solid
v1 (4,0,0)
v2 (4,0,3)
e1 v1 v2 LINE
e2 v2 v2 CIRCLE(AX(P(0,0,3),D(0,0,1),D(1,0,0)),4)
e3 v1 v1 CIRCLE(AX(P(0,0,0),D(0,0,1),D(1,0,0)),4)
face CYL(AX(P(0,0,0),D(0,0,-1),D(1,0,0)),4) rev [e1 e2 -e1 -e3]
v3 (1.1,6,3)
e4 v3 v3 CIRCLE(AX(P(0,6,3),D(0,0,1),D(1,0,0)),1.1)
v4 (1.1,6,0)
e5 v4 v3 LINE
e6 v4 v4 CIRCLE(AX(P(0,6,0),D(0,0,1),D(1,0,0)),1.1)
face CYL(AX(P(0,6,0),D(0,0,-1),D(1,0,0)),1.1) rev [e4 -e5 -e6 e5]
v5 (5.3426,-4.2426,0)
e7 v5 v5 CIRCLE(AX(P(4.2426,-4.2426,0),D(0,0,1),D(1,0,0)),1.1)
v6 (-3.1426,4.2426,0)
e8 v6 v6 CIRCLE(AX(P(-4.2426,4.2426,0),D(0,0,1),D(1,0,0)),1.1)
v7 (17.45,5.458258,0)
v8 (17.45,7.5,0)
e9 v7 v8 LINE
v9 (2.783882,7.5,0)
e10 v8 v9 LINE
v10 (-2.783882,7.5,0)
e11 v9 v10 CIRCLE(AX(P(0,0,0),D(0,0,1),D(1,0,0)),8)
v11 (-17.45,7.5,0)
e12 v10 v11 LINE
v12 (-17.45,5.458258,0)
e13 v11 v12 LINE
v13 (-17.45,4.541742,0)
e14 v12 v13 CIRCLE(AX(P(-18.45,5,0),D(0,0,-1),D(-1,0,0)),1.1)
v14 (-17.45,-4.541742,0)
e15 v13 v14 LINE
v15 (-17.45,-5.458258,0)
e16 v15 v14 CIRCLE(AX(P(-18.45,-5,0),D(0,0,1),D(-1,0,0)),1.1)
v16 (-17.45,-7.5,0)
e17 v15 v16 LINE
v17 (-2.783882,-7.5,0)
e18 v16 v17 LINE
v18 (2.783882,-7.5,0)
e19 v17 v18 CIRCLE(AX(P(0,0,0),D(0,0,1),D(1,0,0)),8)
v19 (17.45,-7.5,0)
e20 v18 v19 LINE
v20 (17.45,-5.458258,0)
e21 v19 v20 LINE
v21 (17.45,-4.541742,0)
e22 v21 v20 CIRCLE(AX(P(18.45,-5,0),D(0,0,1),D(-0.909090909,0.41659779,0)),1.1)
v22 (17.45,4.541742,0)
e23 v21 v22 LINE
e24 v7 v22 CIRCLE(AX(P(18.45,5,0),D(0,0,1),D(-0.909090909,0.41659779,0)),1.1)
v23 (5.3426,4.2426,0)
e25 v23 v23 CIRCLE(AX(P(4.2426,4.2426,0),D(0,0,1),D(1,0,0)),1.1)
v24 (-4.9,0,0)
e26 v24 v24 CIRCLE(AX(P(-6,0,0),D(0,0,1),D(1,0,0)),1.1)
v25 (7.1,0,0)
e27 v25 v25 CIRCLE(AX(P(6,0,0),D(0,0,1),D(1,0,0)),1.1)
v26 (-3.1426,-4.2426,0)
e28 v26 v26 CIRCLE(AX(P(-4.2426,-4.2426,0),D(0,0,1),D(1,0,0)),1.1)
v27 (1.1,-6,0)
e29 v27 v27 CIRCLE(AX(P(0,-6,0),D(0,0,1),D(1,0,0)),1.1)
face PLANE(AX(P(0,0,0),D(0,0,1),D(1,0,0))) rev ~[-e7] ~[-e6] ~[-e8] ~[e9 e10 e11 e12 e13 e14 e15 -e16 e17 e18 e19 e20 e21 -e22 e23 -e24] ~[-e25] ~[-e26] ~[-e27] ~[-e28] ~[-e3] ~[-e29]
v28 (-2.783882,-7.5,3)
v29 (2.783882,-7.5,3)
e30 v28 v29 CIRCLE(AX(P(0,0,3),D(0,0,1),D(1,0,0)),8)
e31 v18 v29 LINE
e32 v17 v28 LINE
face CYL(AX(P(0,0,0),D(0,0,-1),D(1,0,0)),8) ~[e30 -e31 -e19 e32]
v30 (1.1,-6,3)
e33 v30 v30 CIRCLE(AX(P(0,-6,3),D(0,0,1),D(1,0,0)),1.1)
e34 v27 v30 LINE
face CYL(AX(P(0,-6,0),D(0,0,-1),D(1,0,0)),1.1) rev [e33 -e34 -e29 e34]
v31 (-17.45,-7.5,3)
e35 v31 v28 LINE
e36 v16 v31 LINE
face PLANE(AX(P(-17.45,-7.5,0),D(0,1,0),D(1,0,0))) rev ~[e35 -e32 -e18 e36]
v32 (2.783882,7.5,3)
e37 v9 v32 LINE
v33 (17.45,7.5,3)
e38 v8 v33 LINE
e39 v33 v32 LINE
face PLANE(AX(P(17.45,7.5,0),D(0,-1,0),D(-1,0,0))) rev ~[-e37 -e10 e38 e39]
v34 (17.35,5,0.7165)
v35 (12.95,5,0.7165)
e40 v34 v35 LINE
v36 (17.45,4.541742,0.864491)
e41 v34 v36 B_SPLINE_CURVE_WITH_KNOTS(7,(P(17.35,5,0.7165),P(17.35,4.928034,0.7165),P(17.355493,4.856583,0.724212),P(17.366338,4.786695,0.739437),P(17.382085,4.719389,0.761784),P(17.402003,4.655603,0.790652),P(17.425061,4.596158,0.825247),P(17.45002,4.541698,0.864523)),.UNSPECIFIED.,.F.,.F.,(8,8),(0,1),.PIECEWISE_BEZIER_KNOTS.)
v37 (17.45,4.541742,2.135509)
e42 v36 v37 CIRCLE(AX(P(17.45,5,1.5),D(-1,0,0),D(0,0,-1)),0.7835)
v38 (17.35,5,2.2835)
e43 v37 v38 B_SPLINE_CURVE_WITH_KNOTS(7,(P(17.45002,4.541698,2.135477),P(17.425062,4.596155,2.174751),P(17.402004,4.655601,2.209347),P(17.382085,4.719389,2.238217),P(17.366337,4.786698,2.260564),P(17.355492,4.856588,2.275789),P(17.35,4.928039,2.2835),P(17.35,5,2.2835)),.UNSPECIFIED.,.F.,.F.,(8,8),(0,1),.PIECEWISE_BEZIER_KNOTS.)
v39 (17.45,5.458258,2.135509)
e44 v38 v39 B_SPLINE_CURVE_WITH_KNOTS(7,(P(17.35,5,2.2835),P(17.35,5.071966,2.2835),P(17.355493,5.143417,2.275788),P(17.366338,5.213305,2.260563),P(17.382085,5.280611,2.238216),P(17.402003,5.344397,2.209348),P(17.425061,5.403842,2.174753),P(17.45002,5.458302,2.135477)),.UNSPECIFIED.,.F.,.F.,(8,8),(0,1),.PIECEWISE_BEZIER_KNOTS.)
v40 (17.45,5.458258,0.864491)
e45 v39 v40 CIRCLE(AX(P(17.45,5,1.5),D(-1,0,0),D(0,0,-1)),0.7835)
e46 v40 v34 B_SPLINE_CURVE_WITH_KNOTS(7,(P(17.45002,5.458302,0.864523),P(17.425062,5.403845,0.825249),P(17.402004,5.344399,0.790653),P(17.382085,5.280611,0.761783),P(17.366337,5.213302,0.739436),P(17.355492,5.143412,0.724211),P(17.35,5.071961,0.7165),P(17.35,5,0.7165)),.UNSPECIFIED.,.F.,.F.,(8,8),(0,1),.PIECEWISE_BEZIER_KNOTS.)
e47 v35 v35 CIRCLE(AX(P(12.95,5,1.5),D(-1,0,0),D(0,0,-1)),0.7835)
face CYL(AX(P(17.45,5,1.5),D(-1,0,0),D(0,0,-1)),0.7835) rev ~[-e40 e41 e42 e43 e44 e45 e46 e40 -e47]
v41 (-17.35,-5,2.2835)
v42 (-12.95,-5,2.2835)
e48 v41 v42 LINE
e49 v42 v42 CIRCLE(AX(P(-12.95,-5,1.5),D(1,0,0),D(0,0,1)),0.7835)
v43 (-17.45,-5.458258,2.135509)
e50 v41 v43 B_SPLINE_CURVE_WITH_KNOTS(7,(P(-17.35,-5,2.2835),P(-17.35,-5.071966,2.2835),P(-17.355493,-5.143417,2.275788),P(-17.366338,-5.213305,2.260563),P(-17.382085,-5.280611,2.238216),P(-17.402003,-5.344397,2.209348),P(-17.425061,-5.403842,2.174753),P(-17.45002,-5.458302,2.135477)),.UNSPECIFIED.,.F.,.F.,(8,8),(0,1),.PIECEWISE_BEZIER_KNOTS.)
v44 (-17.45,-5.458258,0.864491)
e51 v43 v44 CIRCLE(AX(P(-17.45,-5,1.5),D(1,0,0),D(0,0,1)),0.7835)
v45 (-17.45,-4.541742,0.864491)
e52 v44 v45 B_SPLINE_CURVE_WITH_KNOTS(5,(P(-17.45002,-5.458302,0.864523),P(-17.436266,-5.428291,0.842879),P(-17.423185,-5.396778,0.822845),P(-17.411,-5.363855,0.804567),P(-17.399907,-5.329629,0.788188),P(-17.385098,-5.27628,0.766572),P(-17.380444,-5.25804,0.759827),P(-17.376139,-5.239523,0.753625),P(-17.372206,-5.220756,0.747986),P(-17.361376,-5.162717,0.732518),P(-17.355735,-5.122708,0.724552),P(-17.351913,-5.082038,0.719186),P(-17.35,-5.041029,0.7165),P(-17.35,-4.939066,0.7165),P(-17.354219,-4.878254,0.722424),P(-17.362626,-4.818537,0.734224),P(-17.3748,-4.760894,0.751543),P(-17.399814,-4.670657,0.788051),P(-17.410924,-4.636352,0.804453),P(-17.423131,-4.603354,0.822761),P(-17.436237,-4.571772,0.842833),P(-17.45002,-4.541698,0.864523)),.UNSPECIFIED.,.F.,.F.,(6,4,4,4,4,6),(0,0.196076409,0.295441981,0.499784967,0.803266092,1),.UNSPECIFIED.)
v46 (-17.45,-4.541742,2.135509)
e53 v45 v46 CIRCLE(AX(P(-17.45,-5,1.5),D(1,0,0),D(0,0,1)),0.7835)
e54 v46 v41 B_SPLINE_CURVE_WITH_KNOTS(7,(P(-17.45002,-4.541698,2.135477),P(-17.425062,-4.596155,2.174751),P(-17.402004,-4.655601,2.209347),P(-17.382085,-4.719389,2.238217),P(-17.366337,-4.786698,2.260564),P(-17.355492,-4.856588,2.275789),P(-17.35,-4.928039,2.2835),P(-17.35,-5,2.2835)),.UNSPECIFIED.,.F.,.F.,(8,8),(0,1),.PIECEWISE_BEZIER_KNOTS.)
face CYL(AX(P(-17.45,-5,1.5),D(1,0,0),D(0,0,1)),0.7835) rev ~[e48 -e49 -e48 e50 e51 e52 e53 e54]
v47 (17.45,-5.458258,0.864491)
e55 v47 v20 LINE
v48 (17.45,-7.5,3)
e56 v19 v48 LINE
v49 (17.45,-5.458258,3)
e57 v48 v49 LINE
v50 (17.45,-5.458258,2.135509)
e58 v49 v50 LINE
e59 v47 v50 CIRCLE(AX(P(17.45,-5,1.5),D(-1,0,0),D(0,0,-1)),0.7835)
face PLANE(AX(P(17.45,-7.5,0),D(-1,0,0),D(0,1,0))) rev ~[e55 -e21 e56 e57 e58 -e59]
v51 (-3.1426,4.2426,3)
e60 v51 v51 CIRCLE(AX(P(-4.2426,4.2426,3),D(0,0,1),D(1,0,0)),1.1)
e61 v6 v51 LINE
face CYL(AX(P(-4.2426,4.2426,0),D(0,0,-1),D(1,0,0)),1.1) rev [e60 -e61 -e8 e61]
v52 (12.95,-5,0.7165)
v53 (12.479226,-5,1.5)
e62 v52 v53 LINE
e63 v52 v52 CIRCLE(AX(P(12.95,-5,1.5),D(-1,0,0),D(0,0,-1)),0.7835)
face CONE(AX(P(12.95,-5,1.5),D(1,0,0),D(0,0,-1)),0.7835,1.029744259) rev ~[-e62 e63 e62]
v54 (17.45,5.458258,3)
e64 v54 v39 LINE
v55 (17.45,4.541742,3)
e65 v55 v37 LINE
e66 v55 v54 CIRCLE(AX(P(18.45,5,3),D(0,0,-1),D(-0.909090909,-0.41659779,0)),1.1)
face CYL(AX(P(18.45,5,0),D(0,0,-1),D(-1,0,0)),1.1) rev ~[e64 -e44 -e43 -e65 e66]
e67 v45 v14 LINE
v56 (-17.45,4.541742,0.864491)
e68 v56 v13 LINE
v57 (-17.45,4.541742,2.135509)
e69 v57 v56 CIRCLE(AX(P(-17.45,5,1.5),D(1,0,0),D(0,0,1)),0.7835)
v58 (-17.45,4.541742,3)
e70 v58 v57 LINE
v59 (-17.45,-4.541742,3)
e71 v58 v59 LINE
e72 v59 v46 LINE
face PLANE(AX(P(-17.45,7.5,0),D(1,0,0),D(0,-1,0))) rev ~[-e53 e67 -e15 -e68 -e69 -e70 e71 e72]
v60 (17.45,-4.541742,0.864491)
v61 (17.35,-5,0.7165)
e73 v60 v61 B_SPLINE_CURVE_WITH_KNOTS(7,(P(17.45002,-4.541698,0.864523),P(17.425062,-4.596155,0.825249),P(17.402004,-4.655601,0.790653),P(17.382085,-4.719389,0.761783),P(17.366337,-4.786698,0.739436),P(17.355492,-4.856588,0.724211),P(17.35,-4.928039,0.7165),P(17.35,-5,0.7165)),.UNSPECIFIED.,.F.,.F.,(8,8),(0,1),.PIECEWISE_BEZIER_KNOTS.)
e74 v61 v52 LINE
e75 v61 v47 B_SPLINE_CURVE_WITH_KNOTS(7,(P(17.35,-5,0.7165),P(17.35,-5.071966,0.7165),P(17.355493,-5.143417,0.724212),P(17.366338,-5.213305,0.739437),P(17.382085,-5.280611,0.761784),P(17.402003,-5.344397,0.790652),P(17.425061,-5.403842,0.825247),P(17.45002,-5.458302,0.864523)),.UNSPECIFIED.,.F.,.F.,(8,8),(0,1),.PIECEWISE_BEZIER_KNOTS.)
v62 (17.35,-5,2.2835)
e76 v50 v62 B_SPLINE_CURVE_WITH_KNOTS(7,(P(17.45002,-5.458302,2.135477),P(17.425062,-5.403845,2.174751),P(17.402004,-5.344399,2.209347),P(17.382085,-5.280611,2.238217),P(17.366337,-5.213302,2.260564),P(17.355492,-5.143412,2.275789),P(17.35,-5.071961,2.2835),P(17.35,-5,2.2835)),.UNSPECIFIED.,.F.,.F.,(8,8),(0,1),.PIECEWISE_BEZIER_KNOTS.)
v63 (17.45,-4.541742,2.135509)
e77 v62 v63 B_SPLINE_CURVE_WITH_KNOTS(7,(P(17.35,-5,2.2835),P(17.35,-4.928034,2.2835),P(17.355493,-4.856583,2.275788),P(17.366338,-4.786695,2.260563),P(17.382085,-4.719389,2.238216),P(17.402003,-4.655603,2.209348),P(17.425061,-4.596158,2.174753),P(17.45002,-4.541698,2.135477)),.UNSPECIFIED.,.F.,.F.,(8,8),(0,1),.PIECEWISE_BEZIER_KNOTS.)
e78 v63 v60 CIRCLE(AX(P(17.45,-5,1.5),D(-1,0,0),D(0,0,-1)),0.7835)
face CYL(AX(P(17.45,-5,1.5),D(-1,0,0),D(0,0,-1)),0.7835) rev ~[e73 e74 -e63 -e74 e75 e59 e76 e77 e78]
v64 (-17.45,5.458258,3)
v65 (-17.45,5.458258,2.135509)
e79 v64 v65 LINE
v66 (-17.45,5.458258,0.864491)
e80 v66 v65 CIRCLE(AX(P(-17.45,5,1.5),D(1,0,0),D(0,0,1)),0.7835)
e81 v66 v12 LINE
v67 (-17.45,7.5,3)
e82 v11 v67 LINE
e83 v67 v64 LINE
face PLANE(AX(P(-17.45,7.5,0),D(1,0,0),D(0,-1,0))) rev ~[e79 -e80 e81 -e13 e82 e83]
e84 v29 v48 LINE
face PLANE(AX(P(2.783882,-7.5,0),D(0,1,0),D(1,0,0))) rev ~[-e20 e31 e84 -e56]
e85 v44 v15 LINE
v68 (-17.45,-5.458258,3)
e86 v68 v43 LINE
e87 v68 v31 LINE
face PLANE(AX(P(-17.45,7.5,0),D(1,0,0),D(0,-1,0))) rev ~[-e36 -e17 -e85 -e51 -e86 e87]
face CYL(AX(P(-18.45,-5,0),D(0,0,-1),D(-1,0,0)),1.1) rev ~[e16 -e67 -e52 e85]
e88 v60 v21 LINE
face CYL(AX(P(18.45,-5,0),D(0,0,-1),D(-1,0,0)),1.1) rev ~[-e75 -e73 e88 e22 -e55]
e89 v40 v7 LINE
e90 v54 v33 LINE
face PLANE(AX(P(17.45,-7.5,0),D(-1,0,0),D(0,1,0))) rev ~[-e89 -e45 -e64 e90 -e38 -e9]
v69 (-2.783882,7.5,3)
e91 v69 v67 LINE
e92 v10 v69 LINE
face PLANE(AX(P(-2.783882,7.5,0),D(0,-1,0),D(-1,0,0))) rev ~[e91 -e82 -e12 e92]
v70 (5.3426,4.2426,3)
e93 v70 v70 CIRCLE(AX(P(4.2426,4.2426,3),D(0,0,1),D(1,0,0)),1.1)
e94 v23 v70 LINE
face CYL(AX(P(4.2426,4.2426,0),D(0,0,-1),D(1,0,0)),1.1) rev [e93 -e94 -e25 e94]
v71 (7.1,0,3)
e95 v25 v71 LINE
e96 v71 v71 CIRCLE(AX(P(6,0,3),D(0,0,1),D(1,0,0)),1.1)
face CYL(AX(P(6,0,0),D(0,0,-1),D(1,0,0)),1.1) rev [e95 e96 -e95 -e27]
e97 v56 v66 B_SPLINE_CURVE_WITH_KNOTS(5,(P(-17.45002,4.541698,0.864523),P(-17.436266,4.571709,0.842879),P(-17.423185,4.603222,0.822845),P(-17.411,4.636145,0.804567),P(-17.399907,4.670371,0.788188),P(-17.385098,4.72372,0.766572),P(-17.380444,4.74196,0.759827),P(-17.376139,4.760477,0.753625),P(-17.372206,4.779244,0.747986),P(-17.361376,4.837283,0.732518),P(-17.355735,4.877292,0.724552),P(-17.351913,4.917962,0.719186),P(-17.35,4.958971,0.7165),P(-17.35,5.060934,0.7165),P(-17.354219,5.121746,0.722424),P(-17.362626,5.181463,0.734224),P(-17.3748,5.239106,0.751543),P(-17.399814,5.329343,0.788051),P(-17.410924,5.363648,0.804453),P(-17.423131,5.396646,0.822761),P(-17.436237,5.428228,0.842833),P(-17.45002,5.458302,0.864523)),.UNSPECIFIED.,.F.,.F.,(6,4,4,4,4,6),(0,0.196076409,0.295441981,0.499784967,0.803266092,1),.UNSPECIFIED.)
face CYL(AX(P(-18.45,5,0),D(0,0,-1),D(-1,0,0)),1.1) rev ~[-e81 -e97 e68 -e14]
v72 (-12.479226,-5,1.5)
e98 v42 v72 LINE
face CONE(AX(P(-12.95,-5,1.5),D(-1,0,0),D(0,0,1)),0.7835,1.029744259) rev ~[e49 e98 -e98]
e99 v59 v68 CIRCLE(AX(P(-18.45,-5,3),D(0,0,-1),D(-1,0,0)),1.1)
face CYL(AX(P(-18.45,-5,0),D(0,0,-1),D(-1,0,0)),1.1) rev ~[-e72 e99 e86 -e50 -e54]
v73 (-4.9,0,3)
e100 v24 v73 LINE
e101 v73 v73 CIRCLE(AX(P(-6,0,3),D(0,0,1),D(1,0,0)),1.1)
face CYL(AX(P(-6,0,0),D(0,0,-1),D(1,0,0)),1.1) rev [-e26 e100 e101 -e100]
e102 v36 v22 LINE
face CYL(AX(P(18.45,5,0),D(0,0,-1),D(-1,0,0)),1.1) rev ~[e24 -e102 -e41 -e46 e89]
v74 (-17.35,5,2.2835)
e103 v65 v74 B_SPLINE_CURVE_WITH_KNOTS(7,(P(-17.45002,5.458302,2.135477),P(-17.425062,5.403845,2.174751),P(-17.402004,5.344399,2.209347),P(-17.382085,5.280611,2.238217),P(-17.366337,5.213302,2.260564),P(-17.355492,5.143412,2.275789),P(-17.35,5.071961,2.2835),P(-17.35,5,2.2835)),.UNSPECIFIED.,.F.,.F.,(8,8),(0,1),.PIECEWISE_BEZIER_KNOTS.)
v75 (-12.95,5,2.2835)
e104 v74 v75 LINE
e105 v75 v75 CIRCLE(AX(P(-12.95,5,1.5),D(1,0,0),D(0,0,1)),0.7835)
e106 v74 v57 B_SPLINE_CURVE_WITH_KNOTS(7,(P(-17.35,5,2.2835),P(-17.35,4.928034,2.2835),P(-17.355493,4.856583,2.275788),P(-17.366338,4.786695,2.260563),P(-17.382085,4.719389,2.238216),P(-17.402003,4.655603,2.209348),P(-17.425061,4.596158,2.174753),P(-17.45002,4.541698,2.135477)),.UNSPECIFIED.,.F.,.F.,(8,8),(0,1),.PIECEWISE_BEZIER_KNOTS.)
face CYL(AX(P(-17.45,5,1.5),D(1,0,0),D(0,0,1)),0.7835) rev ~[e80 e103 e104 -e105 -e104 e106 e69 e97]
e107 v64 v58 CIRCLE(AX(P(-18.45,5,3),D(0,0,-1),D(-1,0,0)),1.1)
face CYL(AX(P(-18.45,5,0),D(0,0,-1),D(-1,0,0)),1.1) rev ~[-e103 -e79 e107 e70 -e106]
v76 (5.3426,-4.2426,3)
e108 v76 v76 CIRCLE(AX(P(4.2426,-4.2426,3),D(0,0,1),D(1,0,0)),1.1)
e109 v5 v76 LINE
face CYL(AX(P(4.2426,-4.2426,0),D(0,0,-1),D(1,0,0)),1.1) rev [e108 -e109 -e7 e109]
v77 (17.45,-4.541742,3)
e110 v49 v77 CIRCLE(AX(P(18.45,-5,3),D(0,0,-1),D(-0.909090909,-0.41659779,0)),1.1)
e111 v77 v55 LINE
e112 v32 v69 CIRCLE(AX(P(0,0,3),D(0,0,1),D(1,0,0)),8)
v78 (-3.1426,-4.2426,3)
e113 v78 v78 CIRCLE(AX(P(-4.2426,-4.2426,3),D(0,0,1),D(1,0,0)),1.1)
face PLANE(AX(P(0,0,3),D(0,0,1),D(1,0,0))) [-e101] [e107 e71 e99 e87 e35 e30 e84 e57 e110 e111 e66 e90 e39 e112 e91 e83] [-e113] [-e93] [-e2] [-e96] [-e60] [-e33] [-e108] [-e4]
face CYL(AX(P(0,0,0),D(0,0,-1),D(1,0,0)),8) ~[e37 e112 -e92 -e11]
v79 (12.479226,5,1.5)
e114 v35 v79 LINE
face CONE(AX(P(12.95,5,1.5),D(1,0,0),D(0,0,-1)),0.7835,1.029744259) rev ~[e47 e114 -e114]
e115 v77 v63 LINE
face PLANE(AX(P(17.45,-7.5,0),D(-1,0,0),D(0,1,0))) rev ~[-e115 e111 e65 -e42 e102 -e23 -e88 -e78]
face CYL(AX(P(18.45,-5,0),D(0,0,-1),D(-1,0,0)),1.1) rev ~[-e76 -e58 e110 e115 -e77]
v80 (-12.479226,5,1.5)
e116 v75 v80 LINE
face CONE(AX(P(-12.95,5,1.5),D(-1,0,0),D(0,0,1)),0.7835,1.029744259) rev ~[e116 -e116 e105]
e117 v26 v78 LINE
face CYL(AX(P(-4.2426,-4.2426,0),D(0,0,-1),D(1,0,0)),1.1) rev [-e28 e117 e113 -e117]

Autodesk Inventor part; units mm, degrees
ref_plane "YZ Plane" through (0, 0, 0) normal (1, 0, 0) x (0, 1, 0)
ref_plane "XZ Plane" through (0, 0, 0) normal (0, 1, 0) x (-1, 0, 0)
ref_plane "XY Plane" through (0, 0, 0) normal (0, 0, 1) x (1, 0, 0)
sketch "スケッチ1" plane through (0, 0, 0) normal (0, 0, 1) x (1, 0, 0)
  circle A0 centre (0, 0) radius 4
  circle A1 centre (0, 0) radius 8
  circle A2 centre (0, 0) radius 6 construction
  circle A3 centre (0, 6) radius 1.1
  circle A4 centre (-4.2426, 4.2426) radius 1.1
  circle A5 centre (-6, 0) radius 1.1
  circle A6 centre (-4.2426, -4.2426) radius 1.1
  circle A7 centre (0, -6) radius 1.1
  circle A8 centre (4.2426, -4.2426) radius 1.1
  circle A9 centre (6, 0) radius 1.1
  circle A10 centre (4.2426, 4.2426) radius 1.1
  line L0 (-17.45, -7.5) -> (17.45, -7.5)
  line L1 (17.45, -7.5) -> (17.45, 7.5)
  line L2 (17.45, 7.5) -> (-17.45, 7.5)
  line L3 (-17.45, 7.5) -> (-17.45, -7.5)
  line L4 (-17.45, -7.5) -> (17.45, 7.5) construction
  line L5 (17.45, -7.5) -> (-17.45, 7.5) construction
  point P0 (2.7839, 7.5)
  point P1 (-2.7839, 7.5)
  point P2 (2.7839, -7.5)
  point P3 (-2.7839, -7.5)
  dimension "d2" = 12
  dimension "d0" = 8
  dimension "d1" = 16
  dimension "d3" = 2.2
  dimension "d6" = 360
  dimension "d8" = 34.9
  dimension "d9" = 15
extrude "押し出し1" add sketch "スケッチ1" along normal blind 3
sketch "スケッチ2" plane through (17.45, -7.5, 0) normal (1, 0, 0) x (0, 0, -1)
  line L0 (0, 7.5) -> (-3, 7.5) construction
  line L1 (-3, 0) -> (-3, 15) construction
  line L2 (-1.5, 7.5) -> (-1.5, 15) construction
  line L3 (0, 15) -> (-3, 15) construction
  point P0 (-1.5, 12.5)
  point P1 (-1.5, 2.5)
  dimension "d12" = 5
hole "穴1" at (17.45, 5, 1.5) at (17.45, -5, 1.5) direction (-1, 0, 0) diameter 1.567 depth 4.5 tip angle 118 thread size "M2x0.4" class "6H" standard "ISO Metric profile"
sketch "スケッチ3" plane through (-17.45, -7.5, 0) normal (-1, 0, 0) x (0, 0, 1)
  circle A0 centre (1.5, 2.5) radius 0.7835 projected
  circle A1 centre (1.5, 12.5) radius 0.7835 projected
  point P0 (0, 7.5)
  point P1 (1.5, 2.5)
  point P2 (1.5, 12.5)
hole "穴2" at (-17.45, -5, 1.5) at (-17.45, 5, 1.5) direction (1, 0, 0) diameter 1.567 depth 4.5 tip angle 118 thread size "M2x0.4" class "6H" standard "ISO Metric profile"
sketch "スケッチ4" plane through (0, 0, 0) normal (0, 0, -1) x (-1, 0, 0)
  line L0 (17.45, -4.2165) -> (17.45, -5.7835) projected
  circle A0 centre (0, -6) radius 1.1 projected
  line L1 (0, -6) -> (0, 0) construction
  circle A1 centre (18.45, -5) radius 1.1
  circle A2 centre (6, 0) radius 1.1 construction
  line L2 (0, 0) -> (6, 0) construction
  circle A3 centre (18.45, 5) radius 1.1
  line L3 (-17.45, -4.2165) -> (-17.45, -5.7835)
  circle A4 centre (-18.45, -5) radius 1.1
  circle A5 centre (-18.45, 5) radius 1.1
  point P0 (17.45, -5)
  point P1 (-17.45, -5)
  dimension "d27" = 2.2
  dimension "d28" = 1
extrude "押し出し2" cut sketch "スケッチ4" against normal blind 3 contours A1 L0 | L0 A1 | A3 | A4 L3 | L3 A4 | A5
properties part number "udeyi"
